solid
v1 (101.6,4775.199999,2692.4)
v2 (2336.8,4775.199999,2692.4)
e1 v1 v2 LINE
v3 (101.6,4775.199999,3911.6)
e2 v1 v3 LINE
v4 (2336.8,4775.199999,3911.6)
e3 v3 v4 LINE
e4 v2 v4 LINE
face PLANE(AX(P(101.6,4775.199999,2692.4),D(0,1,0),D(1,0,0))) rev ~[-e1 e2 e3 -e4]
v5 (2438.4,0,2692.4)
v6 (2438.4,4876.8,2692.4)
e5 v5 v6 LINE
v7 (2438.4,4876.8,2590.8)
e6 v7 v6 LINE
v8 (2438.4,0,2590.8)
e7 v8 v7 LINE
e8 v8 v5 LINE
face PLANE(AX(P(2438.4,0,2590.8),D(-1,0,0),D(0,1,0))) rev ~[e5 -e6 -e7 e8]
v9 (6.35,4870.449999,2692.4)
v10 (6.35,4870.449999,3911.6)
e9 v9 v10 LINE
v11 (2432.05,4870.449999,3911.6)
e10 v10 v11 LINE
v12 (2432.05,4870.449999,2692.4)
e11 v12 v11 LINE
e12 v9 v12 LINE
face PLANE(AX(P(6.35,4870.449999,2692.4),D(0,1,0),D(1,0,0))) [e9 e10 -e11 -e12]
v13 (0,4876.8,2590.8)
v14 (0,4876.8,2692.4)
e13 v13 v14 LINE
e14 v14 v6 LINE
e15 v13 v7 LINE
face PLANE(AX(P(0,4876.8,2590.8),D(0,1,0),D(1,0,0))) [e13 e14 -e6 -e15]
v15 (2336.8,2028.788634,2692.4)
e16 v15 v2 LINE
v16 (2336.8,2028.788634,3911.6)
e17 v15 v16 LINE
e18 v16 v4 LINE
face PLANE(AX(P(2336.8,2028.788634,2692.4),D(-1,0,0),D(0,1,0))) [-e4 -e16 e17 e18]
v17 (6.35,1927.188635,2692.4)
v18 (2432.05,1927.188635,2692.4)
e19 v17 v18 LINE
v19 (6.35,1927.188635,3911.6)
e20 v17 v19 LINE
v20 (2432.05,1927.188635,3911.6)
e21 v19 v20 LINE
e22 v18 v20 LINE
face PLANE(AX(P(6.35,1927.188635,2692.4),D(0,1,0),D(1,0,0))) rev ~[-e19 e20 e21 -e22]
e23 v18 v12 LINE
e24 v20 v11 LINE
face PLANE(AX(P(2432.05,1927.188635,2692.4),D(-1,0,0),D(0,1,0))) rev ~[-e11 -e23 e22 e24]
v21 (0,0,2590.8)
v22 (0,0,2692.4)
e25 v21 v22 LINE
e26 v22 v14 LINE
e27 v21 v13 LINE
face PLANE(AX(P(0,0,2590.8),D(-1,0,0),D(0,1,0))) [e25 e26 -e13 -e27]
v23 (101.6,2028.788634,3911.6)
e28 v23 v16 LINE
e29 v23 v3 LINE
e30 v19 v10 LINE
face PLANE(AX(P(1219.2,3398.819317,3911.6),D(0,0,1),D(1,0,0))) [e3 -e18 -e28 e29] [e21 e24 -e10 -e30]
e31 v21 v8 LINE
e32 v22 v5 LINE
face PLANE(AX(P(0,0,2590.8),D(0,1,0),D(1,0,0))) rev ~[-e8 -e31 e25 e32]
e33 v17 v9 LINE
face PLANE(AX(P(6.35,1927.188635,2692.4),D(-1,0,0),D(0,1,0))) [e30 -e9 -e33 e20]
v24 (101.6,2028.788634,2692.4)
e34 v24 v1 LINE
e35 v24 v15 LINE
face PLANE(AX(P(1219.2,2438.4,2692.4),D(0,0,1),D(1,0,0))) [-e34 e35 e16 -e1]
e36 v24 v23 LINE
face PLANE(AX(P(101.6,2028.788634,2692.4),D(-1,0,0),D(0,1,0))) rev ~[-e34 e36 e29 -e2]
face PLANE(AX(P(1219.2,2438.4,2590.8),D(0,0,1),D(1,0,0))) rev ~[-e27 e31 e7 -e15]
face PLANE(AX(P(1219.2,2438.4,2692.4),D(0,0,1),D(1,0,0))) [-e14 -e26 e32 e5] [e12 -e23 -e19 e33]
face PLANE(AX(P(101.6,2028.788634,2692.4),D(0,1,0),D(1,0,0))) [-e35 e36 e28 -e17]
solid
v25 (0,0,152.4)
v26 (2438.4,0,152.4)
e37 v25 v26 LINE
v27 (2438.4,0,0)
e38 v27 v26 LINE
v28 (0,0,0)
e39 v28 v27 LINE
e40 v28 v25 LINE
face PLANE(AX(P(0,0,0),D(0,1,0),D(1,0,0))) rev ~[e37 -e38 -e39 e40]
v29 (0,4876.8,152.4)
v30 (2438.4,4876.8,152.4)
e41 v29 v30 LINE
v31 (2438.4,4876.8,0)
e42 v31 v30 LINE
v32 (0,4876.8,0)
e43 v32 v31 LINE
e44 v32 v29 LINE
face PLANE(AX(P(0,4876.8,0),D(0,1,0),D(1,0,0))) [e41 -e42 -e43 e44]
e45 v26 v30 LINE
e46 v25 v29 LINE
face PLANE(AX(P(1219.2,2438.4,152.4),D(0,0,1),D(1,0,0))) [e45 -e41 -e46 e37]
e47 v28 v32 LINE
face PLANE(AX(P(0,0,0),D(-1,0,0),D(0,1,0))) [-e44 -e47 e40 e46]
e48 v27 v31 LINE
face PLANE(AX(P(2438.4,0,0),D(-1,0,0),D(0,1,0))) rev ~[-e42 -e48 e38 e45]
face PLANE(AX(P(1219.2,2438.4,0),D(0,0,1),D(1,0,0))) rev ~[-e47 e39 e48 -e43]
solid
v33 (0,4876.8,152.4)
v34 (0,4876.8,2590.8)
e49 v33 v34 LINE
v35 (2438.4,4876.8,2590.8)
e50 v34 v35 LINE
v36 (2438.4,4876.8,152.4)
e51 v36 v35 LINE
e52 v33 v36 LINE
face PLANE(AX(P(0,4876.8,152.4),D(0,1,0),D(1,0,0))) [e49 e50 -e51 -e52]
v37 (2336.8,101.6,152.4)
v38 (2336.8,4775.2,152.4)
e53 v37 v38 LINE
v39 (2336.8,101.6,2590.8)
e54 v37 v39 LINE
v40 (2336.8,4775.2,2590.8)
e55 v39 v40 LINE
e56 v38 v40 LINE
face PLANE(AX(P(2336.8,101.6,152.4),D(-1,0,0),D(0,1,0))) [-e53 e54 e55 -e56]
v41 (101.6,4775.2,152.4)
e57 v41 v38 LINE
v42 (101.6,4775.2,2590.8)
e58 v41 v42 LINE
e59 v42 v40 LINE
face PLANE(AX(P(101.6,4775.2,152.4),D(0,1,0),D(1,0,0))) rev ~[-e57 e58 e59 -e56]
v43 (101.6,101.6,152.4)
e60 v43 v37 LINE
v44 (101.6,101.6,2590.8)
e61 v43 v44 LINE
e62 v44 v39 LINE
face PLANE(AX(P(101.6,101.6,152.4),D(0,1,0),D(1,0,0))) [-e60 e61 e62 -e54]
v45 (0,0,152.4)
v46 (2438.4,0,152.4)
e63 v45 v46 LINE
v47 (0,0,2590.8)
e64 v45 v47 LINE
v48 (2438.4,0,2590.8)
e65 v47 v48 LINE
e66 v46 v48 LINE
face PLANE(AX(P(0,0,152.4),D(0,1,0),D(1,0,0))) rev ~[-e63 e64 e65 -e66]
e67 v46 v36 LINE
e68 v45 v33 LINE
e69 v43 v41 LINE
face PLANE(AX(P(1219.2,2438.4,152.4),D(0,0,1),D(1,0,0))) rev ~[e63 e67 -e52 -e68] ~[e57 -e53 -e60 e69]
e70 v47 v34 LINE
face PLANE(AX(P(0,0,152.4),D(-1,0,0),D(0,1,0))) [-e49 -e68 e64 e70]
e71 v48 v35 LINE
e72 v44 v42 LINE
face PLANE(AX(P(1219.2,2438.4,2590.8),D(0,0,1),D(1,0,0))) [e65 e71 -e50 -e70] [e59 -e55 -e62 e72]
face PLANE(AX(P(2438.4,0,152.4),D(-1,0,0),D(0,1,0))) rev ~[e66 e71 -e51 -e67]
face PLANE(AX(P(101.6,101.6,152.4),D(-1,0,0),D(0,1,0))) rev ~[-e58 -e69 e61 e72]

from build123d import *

# Parameters (mm, degrees)
F0_W     = 2438.4
F0_H     = 4876.8
F1_DEPTH = 152.4
F2_W     = 2438.4
F2_H     = 4876.8
F2_W_2   = 2235.2
F2_H_2   = 4673.6
F3_DEPTH = 2438.4
F4_W     = 2438.4
F4_H     = 4876.8
F5_DEPTH = 101.6
F6_W     = 2425.7
F6_H     = 2943.261365
F6_W_2   = 2235.2
F6_H_2   = 2746.411365
F7_DEPTH = 1219.2


with BuildPart() as f1:
    # F0 (on Top) → F1 (new body)
    with BuildSketch(Plane.XY):
        with Locations((1219.2, 2438.4)):
            Rectangle(F0_W, F0_H)
    extrude(amount=F1_DEPTH)


with BuildPart() as f3:
    # F2 (on face) → F3 (new body)
    with BuildSketch(Plane.XY.offset(152.4)):
        with Locations((1219.2, 2438.4)):
            Rectangle(F2_W, F2_H)
        with Locations((1219.2, 2438.4)):
            Rectangle(F2_W_2, F2_H_2, mode=Mode.SUBTRACT)
    extrude(amount=F3_DEPTH)


with BuildPart() as f5:
    # F4 (on face) → F5 (new body)
    with BuildSketch(Plane.XY.offset(2590.8)):
        with Locations((1219.2, 2438.4)):
            Rectangle(F4_W, F4_H)
    extrude(amount=F5_DEPTH)

    # F6 (on face) → F7 (join)
    with BuildSketch(Plane.XY.offset(2692.4)):
        with Locations((1219.2, 3398.819317)):
            Rectangle(F6_W, F6_H)
        with Locations((1219.2, 3401.994317)):
            Rectangle(F6_W_2, F6_H_2, mode=Mode.SUBTRACT)
    extrude(amount=F7_DEPTH)


solid = Compound([f1.part, f3.part, f5.part])
